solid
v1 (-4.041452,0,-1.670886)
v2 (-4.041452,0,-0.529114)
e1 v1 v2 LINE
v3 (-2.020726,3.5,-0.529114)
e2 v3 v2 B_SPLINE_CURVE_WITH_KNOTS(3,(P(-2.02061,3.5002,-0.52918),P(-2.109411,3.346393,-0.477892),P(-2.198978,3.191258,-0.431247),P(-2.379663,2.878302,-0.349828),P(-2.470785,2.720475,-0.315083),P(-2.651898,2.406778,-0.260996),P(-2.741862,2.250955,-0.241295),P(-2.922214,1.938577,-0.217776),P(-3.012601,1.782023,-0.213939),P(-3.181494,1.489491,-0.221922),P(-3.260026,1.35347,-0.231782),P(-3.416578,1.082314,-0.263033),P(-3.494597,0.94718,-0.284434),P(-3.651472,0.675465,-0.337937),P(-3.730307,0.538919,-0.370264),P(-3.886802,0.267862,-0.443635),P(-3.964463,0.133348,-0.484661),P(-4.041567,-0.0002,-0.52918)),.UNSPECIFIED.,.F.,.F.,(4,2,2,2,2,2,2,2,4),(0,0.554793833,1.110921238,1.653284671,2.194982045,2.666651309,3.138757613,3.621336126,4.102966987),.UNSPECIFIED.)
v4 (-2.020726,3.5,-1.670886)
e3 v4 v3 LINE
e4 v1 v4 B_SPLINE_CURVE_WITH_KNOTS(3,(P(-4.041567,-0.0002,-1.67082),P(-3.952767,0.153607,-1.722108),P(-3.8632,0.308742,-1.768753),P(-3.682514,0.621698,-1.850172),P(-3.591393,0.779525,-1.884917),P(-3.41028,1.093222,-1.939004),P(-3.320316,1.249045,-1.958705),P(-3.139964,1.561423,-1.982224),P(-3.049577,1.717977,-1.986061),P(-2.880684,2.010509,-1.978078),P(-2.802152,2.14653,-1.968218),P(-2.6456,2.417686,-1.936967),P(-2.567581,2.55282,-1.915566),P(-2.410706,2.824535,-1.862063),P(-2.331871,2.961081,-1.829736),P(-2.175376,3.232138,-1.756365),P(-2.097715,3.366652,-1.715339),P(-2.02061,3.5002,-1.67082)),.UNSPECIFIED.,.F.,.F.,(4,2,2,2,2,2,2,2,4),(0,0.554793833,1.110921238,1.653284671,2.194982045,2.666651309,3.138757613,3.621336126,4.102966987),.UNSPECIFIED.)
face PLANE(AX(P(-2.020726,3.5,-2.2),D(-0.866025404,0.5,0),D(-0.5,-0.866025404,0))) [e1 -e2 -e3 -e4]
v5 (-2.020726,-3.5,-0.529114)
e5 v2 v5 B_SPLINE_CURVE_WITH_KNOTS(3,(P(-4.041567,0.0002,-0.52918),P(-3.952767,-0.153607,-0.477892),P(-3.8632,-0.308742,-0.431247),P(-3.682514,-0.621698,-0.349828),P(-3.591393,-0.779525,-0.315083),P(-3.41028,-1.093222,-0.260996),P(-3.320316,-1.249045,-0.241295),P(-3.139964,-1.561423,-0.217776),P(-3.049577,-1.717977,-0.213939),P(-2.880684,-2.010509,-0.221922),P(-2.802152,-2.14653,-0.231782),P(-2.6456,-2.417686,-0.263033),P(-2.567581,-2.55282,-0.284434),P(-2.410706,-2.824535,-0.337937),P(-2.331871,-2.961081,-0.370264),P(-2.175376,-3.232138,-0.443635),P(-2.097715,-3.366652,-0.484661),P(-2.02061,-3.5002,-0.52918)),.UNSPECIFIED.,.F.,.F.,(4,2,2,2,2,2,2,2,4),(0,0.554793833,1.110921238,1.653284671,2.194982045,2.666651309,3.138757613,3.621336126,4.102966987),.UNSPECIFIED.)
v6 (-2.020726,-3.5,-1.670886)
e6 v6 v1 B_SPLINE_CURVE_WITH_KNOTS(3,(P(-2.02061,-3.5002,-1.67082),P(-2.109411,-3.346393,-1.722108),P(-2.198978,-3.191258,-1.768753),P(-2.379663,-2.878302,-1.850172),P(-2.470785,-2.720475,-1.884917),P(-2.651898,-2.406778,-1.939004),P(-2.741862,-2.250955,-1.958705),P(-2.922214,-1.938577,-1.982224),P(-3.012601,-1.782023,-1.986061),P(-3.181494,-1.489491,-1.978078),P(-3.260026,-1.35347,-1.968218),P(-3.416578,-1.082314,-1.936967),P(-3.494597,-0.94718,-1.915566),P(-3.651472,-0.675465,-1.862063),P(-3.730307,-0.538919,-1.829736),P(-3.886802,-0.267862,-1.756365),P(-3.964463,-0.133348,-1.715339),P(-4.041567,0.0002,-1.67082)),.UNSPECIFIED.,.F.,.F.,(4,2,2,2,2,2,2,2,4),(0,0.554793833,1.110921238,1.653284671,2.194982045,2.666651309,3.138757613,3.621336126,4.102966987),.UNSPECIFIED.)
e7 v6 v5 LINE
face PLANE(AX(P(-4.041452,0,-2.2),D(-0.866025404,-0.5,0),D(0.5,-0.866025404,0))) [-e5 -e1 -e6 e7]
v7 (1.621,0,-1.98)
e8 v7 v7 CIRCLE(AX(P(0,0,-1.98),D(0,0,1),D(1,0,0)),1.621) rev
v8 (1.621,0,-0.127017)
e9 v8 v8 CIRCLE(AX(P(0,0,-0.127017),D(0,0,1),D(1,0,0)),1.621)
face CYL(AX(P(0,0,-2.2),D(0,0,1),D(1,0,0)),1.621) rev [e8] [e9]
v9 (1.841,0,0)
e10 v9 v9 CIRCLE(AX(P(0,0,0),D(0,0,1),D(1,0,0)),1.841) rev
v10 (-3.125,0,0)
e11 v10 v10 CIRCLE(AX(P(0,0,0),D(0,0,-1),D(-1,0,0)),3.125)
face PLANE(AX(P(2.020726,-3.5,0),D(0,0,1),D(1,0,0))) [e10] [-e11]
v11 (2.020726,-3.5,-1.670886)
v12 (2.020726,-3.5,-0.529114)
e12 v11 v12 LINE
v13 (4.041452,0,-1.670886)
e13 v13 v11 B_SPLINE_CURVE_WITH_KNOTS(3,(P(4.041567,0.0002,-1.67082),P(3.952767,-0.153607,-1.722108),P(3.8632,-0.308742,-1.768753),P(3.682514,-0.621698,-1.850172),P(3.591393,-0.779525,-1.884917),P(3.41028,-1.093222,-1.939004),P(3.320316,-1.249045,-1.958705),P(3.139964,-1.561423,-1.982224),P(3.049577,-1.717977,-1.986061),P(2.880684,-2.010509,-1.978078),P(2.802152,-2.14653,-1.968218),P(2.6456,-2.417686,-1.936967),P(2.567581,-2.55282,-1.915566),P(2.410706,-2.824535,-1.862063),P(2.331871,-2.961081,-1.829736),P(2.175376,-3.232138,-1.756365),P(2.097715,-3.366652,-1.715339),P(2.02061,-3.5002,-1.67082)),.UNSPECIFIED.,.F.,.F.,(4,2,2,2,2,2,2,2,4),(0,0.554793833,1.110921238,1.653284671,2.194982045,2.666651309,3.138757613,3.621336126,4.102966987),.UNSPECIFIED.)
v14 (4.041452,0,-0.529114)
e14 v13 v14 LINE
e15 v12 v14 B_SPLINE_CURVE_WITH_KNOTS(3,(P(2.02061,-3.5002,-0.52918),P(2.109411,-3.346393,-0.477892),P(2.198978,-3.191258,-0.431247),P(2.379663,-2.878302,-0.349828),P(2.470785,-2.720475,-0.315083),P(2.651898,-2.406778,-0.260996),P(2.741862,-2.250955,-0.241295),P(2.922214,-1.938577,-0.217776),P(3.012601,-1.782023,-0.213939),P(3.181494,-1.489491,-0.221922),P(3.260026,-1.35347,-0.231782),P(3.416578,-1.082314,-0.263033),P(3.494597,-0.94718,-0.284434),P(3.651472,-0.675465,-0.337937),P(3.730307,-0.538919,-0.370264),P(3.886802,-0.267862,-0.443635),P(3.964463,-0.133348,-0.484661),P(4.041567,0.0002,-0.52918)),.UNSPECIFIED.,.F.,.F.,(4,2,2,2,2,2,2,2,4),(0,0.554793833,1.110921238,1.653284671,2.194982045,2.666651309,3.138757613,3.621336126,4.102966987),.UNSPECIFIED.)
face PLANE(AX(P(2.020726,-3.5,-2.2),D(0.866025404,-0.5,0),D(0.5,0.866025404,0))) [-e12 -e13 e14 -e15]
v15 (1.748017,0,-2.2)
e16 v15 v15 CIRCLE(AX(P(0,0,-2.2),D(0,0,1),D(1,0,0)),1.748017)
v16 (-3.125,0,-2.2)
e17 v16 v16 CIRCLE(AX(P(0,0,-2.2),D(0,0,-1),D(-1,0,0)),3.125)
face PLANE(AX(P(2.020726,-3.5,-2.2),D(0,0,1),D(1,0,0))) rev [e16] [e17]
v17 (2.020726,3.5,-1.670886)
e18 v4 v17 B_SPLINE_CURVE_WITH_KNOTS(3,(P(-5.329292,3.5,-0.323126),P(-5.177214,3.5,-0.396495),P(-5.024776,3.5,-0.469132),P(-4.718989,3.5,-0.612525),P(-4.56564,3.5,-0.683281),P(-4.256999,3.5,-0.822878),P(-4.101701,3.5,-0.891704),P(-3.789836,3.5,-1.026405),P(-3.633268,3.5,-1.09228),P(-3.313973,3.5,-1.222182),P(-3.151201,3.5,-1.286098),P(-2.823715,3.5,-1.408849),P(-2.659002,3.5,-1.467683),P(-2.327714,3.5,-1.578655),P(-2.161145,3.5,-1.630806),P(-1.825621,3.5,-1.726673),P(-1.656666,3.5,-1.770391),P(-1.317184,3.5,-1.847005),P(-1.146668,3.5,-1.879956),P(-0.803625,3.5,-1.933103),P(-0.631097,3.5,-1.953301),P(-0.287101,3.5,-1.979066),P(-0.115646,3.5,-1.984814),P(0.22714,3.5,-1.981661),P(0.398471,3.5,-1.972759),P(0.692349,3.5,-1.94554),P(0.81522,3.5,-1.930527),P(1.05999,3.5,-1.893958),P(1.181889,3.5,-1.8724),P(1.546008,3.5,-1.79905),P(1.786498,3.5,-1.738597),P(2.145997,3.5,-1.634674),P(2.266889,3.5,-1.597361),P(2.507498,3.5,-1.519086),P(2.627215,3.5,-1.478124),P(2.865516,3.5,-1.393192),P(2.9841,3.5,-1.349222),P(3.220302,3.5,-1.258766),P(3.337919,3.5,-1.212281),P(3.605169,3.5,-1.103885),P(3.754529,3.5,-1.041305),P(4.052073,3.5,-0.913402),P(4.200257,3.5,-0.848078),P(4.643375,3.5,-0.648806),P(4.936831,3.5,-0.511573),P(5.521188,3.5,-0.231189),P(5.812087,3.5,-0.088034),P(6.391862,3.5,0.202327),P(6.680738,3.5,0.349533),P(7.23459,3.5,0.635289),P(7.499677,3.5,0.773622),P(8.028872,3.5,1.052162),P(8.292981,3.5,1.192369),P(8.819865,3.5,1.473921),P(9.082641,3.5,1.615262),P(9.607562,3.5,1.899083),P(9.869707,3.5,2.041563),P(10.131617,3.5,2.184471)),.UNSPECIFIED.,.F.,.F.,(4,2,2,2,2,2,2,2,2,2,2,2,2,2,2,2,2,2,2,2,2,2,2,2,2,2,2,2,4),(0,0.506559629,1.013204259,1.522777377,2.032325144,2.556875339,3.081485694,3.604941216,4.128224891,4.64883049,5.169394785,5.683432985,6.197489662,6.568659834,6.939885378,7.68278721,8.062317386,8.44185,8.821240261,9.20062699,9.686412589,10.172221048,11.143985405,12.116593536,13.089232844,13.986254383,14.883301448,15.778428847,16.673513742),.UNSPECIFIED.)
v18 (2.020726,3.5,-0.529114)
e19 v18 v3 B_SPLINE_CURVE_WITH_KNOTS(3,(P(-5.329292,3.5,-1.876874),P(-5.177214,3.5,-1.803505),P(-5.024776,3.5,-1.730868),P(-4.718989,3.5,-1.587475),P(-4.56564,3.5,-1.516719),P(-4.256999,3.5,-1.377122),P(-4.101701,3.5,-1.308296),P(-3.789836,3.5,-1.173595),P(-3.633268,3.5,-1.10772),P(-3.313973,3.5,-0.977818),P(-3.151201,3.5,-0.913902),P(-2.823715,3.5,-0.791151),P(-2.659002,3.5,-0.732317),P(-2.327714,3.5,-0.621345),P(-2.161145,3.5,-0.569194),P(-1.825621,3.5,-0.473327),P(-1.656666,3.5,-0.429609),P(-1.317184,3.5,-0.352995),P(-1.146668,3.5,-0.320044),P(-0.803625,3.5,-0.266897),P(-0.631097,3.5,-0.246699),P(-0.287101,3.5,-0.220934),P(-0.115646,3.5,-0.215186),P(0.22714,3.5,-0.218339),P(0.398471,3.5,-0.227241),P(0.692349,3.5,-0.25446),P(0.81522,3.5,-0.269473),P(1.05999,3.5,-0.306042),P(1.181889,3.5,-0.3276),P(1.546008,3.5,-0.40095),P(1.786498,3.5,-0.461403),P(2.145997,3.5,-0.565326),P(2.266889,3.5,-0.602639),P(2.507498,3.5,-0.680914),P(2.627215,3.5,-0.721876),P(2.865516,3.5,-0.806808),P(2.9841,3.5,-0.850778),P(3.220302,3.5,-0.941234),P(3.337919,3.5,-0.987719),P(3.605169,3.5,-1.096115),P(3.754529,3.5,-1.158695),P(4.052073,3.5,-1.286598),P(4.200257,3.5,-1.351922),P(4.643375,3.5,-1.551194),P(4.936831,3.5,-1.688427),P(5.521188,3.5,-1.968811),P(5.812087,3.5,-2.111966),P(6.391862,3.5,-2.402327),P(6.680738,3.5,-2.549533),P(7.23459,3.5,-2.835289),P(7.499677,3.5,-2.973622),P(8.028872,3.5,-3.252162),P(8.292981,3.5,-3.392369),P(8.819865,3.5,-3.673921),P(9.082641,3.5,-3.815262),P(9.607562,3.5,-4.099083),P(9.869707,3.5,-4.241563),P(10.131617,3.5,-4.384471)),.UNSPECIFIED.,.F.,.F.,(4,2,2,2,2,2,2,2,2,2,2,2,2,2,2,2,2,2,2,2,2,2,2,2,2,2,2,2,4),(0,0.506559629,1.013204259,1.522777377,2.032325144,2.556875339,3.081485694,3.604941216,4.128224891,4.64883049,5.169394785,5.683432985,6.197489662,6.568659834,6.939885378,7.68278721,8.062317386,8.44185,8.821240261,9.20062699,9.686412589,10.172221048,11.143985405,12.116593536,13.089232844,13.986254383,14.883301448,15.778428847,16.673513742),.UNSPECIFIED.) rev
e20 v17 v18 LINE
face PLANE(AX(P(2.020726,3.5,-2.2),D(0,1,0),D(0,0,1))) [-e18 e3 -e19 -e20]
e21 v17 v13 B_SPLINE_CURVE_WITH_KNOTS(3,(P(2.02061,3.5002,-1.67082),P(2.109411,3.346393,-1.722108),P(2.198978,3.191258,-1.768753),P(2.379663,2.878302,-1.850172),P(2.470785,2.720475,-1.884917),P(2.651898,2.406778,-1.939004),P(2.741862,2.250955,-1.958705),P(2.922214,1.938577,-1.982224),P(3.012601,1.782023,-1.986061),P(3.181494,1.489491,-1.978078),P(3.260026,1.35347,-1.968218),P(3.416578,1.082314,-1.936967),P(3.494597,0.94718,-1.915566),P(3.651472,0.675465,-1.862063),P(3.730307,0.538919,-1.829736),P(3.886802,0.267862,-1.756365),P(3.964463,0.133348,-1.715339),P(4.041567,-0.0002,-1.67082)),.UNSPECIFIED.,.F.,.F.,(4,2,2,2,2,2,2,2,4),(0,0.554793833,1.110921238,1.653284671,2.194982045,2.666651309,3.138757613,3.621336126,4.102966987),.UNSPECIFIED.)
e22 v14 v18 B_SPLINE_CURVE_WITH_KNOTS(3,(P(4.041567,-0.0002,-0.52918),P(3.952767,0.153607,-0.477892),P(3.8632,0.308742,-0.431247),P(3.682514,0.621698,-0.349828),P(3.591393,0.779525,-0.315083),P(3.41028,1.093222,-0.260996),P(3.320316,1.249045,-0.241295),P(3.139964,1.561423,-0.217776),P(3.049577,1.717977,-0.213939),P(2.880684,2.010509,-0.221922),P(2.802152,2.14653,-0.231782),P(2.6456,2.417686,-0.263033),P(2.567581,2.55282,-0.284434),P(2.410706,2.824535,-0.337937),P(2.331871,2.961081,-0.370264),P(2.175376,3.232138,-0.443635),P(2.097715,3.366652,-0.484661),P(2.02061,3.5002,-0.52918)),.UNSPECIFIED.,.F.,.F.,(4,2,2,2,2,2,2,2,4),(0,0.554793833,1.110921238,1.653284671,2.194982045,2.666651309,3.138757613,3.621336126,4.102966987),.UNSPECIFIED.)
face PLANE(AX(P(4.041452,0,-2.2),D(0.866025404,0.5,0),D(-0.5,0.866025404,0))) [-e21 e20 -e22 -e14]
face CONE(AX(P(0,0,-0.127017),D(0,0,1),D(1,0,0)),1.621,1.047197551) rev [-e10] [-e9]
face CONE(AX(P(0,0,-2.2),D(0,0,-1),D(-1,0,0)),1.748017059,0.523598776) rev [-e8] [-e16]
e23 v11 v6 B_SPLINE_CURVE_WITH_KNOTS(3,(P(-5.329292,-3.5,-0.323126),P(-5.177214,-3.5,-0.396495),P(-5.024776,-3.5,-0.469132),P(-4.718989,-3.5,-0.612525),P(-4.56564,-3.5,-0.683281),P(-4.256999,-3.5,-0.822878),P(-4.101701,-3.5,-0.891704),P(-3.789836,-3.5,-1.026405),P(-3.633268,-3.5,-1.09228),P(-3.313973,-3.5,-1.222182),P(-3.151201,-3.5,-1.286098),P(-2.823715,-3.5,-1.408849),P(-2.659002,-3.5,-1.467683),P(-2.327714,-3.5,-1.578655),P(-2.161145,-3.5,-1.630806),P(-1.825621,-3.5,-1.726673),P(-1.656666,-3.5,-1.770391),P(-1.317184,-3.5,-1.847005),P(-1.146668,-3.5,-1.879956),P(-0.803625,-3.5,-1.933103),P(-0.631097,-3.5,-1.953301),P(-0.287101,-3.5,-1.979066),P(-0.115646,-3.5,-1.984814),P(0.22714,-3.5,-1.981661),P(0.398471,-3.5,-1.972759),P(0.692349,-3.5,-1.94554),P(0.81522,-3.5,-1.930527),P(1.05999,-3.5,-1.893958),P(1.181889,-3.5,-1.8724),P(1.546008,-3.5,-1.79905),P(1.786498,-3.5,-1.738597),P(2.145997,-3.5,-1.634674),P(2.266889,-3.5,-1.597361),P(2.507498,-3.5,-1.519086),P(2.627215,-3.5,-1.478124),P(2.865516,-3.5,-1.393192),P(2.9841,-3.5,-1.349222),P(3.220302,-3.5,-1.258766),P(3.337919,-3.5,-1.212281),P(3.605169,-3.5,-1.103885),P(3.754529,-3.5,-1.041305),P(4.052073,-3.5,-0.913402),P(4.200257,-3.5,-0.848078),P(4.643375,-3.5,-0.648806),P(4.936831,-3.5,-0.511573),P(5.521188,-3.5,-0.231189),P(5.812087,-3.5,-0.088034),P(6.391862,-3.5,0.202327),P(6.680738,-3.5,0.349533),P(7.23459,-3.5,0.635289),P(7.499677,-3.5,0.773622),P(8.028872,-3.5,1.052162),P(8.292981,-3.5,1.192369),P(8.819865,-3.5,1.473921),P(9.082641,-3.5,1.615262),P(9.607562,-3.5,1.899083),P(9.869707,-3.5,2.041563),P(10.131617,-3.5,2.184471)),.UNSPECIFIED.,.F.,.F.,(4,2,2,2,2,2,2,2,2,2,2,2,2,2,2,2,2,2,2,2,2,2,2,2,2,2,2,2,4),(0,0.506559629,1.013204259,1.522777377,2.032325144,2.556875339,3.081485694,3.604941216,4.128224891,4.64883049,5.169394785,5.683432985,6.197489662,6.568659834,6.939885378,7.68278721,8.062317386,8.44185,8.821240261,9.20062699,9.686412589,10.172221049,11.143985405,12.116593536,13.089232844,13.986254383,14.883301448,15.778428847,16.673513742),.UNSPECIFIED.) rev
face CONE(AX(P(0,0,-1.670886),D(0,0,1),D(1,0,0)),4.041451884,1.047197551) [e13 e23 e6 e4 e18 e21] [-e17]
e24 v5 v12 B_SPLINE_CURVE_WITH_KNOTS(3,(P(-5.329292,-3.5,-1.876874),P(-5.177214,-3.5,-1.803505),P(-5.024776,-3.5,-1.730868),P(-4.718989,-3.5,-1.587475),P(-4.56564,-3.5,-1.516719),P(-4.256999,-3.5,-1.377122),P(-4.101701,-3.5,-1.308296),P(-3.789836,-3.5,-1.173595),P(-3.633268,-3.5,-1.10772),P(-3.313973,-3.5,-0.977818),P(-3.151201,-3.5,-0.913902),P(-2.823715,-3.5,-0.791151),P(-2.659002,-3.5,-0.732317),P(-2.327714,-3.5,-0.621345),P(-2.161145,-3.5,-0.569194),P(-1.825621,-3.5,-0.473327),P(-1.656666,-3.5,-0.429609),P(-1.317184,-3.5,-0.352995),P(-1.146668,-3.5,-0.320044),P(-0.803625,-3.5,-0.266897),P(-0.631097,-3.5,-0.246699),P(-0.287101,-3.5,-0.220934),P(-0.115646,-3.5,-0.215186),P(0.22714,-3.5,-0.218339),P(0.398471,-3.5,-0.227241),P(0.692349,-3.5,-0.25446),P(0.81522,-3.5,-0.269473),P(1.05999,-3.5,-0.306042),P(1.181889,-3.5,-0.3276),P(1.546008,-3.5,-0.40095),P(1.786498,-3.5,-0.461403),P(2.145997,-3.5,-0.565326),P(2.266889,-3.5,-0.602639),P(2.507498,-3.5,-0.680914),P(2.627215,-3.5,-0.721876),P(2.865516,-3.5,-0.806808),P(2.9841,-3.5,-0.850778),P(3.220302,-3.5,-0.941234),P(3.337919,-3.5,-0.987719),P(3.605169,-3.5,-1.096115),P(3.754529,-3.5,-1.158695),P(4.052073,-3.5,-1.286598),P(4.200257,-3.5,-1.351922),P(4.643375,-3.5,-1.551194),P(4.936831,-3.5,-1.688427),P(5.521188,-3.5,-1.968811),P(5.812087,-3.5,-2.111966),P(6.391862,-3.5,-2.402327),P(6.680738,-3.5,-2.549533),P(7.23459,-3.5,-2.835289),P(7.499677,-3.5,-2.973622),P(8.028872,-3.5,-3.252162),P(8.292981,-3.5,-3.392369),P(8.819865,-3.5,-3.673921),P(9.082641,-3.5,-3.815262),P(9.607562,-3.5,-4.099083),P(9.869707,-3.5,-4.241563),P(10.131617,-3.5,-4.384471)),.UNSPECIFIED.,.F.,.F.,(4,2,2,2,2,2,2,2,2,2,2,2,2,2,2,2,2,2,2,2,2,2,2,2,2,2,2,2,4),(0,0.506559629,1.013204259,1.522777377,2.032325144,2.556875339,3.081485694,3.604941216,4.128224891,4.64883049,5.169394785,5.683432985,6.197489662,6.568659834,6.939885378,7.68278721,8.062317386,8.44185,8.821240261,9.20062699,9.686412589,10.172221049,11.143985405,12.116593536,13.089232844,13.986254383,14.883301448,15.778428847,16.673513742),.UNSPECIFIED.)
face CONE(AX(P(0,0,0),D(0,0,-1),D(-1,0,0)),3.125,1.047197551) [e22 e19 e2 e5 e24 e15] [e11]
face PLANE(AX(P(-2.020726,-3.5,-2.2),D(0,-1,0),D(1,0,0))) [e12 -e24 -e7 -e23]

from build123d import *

# Parameters (mm, degrees)
SKETCH1_R               = 1.621
BASENUT_DEPTH           = 2.2
ENDCHAMFER_SIZE         = 0.22
ENDCHAMFER_SIZE2        = 0.127017059
ENDCHAMFER_PART_2_SIZE  = 0.22
ENDCHAMFER_PART_2_SIZE2 = 0.127017059


with BuildPart() as part:
    # Sketch1 → BaseNut (new body)
    with BuildSketch(Plane.XY):
        Polygon((2.020725942, -3.5), (4.041451884, 0), (2.020725942, 3.5), (-2.020725942, 3.5), (-4.041451884, 0), (-2.020725942, -3.5), align=None)
        Circle(SKETCH1_R, mode=Mode.SUBTRACT)
    extrude(amount=-BASENUT_DEPTH)

    # Sketch2 → Double-Chamfer (revolve, cut)
    with BuildSketch(Plane(origin=(0, 0, 0), x_dir=(1, 0, 0), z_dir=(0, 1, 0))):
        Polygon((-4.041451884, 2.2), (-3.125, 2.2), (-4.041451884, 1.670886258), align=None)
        Polygon((-4.041451884, 0.529113742), (-4.041451884, 0), (-3.125, 0), align=None)
    revolve(axis=Axis((0, 0, -3.375940562), (0, 0, 1)), mode=Mode.SUBTRACT)

    # EndChamfer
    endchamfer_edges = [part.edges().sort_by_distance(p)[0] for p in [
        (-1.621, 0, -2.2),
    ]]
    endchamfer_side = [part.faces().sort_by_distance(p)[0] for p in [
        (-1.621, 0, -1.1),
    ]]
    chamfer(endchamfer_edges, length=ENDCHAMFER_SIZE, length2=ENDCHAMFER_SIZE2, reference=endchamfer_side[0])

    # EndChamfer part 2
    endchamfer_part_2_edges = [part.edges().sort_by_distance(p)[0] for p in [
        (-1.621, 0, 0),
    ]]
    endchamfer_part_2_side = [part.faces().sort_by_distance(p)[0] for p in [
        (3.036611652, 0, 0),
    ]]
    chamfer(endchamfer_part_2_edges, length=ENDCHAMFER_PART_2_SIZE, length2=ENDCHAMFER_PART_2_SIZE2, reference=endchamfer_part_2_side[0])


solid = part.part
